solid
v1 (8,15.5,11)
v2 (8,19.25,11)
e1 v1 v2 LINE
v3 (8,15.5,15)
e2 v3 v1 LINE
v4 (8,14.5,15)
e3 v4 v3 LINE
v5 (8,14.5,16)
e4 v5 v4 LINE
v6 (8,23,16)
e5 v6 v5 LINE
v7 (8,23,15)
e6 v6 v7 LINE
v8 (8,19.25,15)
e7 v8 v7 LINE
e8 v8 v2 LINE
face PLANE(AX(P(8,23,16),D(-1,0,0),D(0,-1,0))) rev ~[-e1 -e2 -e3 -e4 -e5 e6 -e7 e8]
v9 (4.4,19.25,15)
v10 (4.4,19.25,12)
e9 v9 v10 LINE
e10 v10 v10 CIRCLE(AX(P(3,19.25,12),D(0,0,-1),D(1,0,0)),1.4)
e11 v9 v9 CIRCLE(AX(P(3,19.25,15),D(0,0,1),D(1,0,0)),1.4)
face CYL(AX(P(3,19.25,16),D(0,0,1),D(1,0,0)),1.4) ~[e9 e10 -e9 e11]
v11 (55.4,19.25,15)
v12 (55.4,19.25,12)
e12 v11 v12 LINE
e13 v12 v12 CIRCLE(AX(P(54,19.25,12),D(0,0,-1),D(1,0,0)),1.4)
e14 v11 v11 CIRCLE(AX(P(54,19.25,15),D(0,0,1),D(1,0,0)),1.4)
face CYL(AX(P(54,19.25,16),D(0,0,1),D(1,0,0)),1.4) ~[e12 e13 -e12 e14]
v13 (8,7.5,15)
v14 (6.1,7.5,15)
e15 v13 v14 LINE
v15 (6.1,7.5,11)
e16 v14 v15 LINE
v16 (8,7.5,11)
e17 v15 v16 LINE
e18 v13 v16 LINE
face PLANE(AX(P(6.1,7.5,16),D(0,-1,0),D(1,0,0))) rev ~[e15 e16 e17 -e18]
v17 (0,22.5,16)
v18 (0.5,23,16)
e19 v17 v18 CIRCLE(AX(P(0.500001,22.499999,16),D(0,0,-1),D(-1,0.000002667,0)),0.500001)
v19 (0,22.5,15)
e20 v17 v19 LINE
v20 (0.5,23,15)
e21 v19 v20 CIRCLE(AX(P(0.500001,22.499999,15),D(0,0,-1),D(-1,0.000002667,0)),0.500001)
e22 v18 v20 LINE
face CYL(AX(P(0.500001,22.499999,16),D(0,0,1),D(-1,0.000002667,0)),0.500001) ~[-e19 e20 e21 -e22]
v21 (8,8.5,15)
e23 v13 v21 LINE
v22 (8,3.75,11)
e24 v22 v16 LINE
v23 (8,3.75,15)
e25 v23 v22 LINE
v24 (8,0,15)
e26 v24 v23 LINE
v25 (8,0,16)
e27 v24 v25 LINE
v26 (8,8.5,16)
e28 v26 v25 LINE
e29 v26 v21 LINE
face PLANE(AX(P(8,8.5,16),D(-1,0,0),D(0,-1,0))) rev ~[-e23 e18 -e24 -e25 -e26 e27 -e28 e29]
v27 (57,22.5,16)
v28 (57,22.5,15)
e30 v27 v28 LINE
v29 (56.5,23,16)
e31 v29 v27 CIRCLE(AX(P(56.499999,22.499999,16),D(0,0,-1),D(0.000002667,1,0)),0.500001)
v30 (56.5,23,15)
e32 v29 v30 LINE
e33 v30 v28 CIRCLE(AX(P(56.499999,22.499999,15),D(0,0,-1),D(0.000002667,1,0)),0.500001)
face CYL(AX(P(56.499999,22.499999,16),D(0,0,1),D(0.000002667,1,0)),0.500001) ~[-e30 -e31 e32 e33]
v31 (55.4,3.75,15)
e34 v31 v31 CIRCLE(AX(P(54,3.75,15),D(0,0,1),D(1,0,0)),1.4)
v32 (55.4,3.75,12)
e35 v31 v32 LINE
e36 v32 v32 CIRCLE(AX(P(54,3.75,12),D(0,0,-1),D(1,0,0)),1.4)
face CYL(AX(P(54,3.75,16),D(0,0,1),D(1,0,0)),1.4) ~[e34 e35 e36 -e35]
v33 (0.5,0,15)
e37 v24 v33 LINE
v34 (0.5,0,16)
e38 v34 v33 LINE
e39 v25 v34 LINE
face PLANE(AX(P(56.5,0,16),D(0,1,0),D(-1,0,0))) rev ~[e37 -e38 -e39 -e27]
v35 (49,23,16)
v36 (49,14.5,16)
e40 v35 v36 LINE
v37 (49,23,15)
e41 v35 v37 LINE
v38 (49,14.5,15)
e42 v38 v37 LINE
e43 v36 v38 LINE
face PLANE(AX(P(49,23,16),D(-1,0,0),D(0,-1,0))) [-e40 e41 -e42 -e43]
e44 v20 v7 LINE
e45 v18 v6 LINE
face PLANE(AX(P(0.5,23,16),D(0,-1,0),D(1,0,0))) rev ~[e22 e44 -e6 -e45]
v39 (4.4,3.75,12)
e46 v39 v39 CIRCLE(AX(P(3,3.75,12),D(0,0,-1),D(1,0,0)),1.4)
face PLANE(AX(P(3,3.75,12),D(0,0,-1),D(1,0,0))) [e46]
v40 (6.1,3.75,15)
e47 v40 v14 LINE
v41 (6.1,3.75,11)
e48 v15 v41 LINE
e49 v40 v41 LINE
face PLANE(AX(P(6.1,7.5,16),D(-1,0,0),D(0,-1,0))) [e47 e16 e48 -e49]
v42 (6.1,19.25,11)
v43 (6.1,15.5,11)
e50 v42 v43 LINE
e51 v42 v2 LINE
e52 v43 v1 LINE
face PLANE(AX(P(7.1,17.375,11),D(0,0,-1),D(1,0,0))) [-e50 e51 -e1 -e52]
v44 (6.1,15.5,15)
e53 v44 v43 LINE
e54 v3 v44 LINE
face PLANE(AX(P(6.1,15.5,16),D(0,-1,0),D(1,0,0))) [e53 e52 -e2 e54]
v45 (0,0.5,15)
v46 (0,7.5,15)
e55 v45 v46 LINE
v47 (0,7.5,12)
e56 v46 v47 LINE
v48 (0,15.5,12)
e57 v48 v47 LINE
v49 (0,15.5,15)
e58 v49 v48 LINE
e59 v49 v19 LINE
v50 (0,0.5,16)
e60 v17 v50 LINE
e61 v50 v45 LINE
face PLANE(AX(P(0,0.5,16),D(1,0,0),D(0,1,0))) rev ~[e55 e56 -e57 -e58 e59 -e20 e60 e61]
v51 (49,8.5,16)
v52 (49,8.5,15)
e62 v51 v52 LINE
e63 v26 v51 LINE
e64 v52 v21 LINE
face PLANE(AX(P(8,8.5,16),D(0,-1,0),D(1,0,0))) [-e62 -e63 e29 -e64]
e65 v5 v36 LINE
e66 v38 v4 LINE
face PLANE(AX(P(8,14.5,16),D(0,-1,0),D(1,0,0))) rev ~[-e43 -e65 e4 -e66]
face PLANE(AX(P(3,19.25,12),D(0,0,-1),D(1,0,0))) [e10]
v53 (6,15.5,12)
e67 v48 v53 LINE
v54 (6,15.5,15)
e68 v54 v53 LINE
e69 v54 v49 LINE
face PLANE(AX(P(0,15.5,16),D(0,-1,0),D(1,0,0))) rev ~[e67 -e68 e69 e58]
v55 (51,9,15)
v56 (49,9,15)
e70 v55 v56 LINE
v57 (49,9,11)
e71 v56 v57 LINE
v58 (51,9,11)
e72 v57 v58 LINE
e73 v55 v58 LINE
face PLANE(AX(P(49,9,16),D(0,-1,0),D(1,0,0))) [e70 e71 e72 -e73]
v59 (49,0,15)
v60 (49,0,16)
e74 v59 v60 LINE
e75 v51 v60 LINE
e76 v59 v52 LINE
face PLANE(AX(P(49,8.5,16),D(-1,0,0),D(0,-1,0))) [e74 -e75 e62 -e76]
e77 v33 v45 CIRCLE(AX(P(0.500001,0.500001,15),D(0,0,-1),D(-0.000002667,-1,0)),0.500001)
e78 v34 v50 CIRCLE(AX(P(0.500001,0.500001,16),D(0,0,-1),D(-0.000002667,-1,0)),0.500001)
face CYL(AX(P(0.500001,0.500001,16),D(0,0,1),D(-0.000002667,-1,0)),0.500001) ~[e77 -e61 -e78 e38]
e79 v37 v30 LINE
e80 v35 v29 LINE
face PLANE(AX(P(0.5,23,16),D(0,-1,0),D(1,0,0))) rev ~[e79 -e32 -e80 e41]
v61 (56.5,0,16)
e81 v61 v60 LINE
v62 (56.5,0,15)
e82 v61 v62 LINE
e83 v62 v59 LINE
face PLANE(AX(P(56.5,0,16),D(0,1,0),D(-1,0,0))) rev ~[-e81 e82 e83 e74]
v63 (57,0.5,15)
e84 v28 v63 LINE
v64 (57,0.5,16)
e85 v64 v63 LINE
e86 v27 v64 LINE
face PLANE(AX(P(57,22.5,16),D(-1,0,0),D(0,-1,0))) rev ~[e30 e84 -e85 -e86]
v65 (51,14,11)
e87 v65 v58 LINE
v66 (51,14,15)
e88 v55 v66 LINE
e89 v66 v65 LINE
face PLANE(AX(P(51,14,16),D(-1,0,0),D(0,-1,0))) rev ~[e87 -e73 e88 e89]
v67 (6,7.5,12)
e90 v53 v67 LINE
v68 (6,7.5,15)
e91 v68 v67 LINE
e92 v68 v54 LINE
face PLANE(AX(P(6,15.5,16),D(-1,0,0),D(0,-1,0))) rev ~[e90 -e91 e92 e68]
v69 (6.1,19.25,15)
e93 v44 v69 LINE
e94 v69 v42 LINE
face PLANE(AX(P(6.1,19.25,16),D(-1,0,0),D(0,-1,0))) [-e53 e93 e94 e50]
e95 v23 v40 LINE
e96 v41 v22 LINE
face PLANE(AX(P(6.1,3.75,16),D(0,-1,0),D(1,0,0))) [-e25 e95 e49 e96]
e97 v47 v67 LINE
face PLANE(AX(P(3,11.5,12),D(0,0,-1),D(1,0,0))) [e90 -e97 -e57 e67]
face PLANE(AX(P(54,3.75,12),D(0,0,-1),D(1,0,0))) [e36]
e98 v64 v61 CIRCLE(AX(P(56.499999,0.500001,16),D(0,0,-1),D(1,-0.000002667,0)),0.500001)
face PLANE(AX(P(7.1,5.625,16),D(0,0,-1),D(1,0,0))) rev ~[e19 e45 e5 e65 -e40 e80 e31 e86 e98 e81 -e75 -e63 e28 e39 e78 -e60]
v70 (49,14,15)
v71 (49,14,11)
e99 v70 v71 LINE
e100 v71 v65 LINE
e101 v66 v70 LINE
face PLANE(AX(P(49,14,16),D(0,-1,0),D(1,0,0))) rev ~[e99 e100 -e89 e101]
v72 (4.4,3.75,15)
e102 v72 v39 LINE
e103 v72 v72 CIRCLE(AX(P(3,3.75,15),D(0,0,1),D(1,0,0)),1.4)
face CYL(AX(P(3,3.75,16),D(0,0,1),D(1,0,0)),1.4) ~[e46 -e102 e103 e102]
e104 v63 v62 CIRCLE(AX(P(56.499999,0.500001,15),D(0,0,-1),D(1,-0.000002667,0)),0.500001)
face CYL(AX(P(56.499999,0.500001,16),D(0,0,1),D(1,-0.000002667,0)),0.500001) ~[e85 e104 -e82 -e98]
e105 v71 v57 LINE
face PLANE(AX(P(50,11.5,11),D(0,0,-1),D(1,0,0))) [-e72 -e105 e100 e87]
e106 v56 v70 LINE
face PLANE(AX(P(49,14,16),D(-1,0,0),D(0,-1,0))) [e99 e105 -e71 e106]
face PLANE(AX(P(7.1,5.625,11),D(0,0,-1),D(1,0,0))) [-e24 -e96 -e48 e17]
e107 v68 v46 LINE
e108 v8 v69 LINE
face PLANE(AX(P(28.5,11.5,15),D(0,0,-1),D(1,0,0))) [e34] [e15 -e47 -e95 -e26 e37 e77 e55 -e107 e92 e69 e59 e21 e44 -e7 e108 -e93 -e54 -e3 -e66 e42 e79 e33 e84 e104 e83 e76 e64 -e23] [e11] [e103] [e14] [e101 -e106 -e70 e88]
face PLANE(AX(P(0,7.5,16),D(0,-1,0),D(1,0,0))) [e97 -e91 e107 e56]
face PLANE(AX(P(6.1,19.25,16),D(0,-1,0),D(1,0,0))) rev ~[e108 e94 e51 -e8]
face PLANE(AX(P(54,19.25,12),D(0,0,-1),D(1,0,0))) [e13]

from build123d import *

# Parameters (mm, degrees)
PAD002_DEPTH            = 1
SKETCH007_R             = 1.4
SKETCH007_W             = 6
SKETCH007_H             = 8
PAD003_DEPTH            = 4
SKETCH013_W             = 2
SKETCH013_H             = 3.75
SKETCH013_H_2           = 5
PAD004_DEPTH            = 5
SKETCH014_W             = 41
SKETCH014_H             = 11.648772
SKETCH014_H_2           = 8.5
POCKET004_DEPTH         = 5.001
BODY001_PLACEMENT_ANGLE = 180


with BuildPart() as part:
    # Sketch006 → Pad002 (new body)
    with BuildSketch(Plane.XY):
        with BuildLine():
            Line((0.5, 0), (56.5, 0))
            ThreePointArc((56.5, 0), (56.853553, 0.146447), (57, 0.5))
            Line((57, 0.5), (57, 22.5))
            ThreePointArc((57, 22.5), (56.853553, 22.853553), (56.5, 23))
            Line((56.5, 23), (0.5, 23))
            ThreePointArc((0.5, 23), (0.146447, 22.853553), (0, 22.5))
            Line((0, 22.5), (0, 0.5))
            ThreePointArc((0, 0.5), (0.146447, 0.146447), (0.5, 0))
        make_face()
    extrude(amount=PAD002_DEPTH)

    # Sketch007 → Pad003 (join)
    with BuildSketch(Plane.XY):
        with Locations((3, 19.25)):
            Circle(SKETCH007_R)
        with Locations((3, 3.75)):
            Circle(SKETCH007_R)
        with Locations((54, 19.25)):
            Circle(SKETCH007_R)
        with Locations((54, 3.75)):
            Circle(SKETCH007_R)
        with Locations((3, 11.5)):
            Rectangle(SKETCH007_W, SKETCH007_H)
    extrude(amount=PAD003_DEPTH)

    # Sketch013 → Pad004 (join)
    with BuildSketch(Plane.XY):
        with Locations((7.1, 17.375)):
            Rectangle(SKETCH013_W, SKETCH013_H)
        with Locations((7.1, 5.625)):
            Rectangle(SKETCH013_W, SKETCH013_H)
        with Locations((50, 11.5)):
            Rectangle(SKETCH013_W, SKETCH013_H_2)
    extrude(amount=PAD004_DEPTH)

    # Sketch014 → Pocket004 (cut, through all)
    with BuildSketch(Plane.XY):
        with Locations((28.5, 20.324386)):
            Rectangle(SKETCH014_W, SKETCH014_H)
        with Locations((28.5, 4.25)):
            Rectangle(SKETCH014_W, SKETCH014_H_2)
    extrude(amount=POCKET004_DEPTH, mode=Mode.SUBTRACT)


with BuildPart() as part_1:
    # Body001 placement: moved
    add(part.part.moved(Location((0, 23, 16))).rotate(Axis((0, 23, 16), (-1, 0, 0)), BODY001_PLACEMENT_ANGLE))


solid = part_1.part
